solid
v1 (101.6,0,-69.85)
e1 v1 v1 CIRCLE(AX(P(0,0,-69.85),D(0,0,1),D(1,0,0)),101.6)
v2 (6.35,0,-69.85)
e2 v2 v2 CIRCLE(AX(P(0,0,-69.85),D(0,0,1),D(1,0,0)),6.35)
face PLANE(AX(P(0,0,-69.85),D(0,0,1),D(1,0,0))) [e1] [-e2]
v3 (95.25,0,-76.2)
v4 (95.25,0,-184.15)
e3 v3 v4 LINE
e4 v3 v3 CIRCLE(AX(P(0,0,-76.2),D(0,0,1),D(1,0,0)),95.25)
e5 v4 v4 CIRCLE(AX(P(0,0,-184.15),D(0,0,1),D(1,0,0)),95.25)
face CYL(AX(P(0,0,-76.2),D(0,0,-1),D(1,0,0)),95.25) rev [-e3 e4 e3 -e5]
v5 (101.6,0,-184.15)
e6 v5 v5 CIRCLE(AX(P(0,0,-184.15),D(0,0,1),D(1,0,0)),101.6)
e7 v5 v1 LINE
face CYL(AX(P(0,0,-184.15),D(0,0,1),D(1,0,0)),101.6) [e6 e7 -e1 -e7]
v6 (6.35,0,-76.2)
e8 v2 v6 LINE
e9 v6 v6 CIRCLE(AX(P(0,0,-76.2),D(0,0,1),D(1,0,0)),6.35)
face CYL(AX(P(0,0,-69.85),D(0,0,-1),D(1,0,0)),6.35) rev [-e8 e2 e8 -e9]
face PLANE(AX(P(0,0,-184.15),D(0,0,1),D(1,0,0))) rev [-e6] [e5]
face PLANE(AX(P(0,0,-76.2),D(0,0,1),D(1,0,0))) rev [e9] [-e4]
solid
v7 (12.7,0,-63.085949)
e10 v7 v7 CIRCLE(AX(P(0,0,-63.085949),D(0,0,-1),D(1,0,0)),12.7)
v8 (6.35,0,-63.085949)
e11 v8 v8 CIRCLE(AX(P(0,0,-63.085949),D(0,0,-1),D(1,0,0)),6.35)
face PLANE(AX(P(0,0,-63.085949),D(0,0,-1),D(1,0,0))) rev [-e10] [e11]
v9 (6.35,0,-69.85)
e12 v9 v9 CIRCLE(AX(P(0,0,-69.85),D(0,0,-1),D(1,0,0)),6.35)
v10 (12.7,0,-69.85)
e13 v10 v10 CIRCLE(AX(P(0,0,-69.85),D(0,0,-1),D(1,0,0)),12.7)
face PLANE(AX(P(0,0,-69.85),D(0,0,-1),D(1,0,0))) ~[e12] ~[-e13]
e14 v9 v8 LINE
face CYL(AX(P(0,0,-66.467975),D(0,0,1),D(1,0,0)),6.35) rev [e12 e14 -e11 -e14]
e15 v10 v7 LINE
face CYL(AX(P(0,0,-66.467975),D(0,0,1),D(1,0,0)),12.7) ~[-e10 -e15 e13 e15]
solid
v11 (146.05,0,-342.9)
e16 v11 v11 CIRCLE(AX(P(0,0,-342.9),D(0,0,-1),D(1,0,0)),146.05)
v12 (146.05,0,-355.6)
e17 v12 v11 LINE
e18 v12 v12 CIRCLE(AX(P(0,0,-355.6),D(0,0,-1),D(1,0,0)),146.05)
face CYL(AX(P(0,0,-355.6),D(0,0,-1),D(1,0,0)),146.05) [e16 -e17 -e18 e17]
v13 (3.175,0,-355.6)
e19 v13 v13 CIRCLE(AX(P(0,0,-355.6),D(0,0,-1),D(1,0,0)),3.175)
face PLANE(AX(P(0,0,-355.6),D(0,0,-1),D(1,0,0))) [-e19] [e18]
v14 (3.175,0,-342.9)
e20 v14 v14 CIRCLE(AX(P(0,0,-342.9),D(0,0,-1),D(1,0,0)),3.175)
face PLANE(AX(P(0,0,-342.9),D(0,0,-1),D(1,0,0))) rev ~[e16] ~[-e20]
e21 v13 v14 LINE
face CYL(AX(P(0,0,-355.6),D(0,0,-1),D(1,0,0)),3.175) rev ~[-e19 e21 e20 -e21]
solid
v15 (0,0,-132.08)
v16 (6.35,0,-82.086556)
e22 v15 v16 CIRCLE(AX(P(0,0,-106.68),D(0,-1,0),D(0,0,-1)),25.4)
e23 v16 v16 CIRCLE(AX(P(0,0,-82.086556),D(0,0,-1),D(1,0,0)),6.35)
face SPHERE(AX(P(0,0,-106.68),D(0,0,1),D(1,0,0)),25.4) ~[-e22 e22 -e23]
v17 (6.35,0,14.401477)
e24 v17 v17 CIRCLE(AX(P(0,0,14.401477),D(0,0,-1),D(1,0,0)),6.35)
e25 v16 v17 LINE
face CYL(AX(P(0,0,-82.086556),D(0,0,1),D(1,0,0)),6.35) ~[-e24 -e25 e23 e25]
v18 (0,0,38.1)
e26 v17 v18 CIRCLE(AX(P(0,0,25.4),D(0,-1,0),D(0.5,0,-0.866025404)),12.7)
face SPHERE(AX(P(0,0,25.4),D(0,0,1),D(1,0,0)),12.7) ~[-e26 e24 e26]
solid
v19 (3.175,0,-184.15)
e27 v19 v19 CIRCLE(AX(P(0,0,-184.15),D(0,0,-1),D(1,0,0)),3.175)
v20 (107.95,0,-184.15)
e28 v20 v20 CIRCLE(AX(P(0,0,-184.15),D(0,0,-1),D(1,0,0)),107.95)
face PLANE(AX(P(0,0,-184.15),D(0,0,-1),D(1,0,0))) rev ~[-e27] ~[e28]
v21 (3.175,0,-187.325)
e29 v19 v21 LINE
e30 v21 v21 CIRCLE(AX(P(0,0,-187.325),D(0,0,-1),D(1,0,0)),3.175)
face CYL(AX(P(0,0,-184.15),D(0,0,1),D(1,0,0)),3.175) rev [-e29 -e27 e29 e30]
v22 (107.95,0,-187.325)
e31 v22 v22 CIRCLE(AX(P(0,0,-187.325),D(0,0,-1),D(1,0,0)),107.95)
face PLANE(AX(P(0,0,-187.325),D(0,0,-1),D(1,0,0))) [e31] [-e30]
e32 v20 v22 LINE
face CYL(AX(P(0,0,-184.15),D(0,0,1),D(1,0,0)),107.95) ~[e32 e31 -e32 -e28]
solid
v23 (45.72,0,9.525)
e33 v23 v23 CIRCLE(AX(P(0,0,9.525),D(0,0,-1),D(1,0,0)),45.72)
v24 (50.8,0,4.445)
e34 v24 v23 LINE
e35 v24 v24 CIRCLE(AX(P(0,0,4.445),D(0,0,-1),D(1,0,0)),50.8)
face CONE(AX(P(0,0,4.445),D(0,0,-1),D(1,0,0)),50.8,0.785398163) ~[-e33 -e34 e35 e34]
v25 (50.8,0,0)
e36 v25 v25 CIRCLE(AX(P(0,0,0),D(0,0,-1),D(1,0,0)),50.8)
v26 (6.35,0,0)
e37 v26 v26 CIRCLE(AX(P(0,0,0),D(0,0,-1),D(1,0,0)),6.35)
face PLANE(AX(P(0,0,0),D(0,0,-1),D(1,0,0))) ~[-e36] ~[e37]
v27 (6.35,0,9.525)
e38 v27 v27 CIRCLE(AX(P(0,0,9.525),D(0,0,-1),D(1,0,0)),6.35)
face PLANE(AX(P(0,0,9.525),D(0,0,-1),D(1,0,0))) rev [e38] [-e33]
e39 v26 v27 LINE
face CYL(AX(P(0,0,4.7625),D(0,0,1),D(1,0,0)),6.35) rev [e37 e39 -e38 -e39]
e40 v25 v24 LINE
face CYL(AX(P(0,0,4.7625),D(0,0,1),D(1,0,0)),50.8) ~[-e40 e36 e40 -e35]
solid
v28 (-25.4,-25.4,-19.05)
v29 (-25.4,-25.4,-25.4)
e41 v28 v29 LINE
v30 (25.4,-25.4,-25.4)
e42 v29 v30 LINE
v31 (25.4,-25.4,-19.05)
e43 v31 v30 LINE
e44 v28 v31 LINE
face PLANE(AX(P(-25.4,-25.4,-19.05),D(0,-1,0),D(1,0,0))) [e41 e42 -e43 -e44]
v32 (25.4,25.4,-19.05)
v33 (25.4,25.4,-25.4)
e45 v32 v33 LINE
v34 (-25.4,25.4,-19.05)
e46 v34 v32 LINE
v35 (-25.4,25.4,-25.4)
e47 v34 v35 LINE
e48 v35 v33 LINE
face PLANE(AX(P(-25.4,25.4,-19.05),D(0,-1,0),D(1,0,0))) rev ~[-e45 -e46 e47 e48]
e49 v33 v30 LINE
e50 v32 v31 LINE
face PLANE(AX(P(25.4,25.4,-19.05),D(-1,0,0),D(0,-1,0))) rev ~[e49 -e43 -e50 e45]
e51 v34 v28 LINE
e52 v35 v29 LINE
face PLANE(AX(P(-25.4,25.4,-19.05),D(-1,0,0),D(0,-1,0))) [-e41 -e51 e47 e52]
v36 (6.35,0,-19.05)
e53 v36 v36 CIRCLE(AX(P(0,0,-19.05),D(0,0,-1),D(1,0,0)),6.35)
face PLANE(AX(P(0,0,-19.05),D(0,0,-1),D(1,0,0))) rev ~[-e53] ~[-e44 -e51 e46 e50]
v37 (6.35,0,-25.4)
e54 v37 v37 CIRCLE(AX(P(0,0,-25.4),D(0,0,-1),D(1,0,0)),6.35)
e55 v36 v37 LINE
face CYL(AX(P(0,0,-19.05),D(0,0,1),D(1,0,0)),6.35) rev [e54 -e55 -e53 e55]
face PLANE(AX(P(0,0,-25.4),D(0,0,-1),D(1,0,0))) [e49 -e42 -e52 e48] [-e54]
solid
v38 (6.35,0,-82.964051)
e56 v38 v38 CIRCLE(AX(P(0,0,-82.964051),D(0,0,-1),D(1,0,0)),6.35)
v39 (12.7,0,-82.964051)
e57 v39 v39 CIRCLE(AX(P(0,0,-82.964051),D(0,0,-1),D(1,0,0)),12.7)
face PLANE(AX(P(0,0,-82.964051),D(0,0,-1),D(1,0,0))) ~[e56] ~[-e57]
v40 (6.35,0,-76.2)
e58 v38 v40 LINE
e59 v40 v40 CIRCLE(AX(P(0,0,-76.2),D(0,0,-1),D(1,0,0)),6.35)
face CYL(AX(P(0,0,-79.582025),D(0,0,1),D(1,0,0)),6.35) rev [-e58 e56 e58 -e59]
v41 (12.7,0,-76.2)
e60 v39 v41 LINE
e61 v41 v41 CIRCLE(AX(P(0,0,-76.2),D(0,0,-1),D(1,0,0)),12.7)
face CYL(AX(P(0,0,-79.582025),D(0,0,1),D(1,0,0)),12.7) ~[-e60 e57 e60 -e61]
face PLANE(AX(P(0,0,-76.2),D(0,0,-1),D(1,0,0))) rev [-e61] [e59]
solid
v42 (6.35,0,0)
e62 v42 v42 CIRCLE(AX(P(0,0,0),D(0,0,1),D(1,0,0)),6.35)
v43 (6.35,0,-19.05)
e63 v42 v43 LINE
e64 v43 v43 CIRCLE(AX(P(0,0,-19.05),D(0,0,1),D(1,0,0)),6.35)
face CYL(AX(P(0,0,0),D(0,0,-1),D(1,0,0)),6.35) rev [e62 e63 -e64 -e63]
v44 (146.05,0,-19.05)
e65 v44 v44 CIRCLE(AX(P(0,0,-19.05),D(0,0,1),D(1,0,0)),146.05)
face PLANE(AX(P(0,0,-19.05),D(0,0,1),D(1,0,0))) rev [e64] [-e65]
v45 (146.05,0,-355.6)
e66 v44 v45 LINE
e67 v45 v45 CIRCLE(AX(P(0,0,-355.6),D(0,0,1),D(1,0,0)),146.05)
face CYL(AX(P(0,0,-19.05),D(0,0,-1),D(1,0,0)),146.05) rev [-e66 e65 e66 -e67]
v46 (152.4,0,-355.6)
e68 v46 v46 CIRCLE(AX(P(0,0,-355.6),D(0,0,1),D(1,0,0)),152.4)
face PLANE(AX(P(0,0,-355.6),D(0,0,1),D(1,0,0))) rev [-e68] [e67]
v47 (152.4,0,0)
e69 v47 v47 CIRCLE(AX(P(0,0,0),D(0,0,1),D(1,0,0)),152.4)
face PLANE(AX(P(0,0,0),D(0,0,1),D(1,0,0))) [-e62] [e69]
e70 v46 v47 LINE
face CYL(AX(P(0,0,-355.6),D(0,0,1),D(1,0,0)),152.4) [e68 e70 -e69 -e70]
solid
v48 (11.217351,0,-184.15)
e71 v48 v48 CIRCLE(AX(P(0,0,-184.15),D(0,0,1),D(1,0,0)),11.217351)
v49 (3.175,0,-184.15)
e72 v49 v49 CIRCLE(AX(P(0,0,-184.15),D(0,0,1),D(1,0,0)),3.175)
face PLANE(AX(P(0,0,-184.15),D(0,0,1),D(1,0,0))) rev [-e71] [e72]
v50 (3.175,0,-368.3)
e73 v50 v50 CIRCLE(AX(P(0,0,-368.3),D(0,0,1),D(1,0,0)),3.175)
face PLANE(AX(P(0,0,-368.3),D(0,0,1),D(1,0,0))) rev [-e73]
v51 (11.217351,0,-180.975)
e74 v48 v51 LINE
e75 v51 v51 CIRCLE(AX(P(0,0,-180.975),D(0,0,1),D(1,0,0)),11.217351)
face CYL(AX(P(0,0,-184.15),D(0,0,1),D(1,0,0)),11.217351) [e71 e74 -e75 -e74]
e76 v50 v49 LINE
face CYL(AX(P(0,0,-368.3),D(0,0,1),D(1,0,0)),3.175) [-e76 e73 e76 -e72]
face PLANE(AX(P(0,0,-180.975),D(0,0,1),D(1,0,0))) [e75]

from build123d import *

# Parameters (mm, degrees)
F2_W      = 44.45
F2_H      = 9.525
F8_W      = 6.35
F8_H      = 6.7640505731
F10_R     = 107.95
F10_R_2   = 101.6
F10_R_3   = 95.25
F10_R_4   = 3.175
F11_DEPTH = 3.175
F12_SIZE  = 5.08
F15_W     = 50.8
F15_H     = 50.8
F15_R     = 6.35
F16_DEPTH = 6.35
F17_R     = 146.05
F17_R_2   = 3.175
F18_DEPTH = 12.7


with BuildPart() as f1:
    # F0 (on Front) → F1 (revolve)
    with BuildSketch(Plane.XZ):
        Polygon((152.4, 0), (6.35, 0), (6.35, -19.05), (146.05, -19.05), (146.05, -349.25), (146.05, -355.6), (152.4, -355.6), align=None)
    revolve(axis=Axis((0, 0, -377.825), (0, 0, 1)))


with BuildPart() as f3:
    # F2 (on Front) → F3 (revolve)
    with BuildSketch(Plane.XZ):
        with Locations((28.575, 4.7625)):
            Rectangle(F2_W, F2_H)
    revolve(axis=Axis((0, 0, 6.35), (0, 0, -1)))

    # F12
    f12_edges = [f3.edges().sort_by_distance(p)[0] for p in [
        (-50.8, 0, 9.525),
    ]]
    chamfer(f12_edges, length=F12_SIZE)


with BuildPart() as f5:
    # F4 (on Front) → F5 (revolve)
    with BuildSketch(Plane.XZ):
        with BuildLine():
            Line((6.35, 0), (0, 0))
            Line((0, 0), (0, -81.28))
            Line((0, -81.28), (0, -132.08))
            ThreePointArc((0, -132.08), (25.1975542852, -109.8805090291), (6.35, -82.0865557516))
            Line((6.35, -82.0865557516), (6.35, 0))
        make_face()
        with BuildLine():
            Line((0, 38.1), (0, 0))
            Line((0, 0), (6.35, 0))
            Line((6.35, 0), (6.35, 14.4014773719))
            ThreePointArc((6.35, 14.4014773719), (12.2672579939, 28.6870018728), (0, 38.1))
        make_face()
    revolve(axis=Axis((0, 0, -40.64), (0, 0, -1)))


with BuildPart() as f7:
    # F6 (on Front) → F7 (revolve)
    with BuildSketch(Plane.XZ):
        Polygon((101.6, -69.85), (6.35, -69.85), (6.35, -76.2), (95.25, -76.2), (95.25, -184.15), (101.6, -184.15), align=None)
    revolve(axis=Axis((0, 0, -73.025), (0, 0, 1)))


with BuildPart() as f9:
    # F8 (on Front) → F9 (revolve)
    with BuildSketch(Plane.XZ):
        with Locations((9.525, -66.4679747134)):
            Rectangle(F8_W, F8_H)
    revolve(axis=Axis((0, 0, -73.778109625), (0, 0, -1)))


with BuildPart() as f9b:
    # F8 (on Front) → F9, piece 2 (revolve)
    with BuildSketch(Plane.XZ):
        with Locations((9.525, -79.5820252866)):
            Rectangle(F8_W, F8_H)
    revolve(axis=Axis((0, 0, -73.778109625), (0, 0, -1)))


with BuildPart() as f11:
    # F10 (on face) → F11 (new body)
    with BuildSketch(Plane(origin=(0, 0, -184.15), x_dir=(1, 0, 0), z_dir=(0, 0, -1))):
        Circle(F10_R)
        Circle(F10_R_2, mode=Mode.SUBTRACT)
        Circle(F10_R_2)
        Circle(F10_R_3, mode=Mode.SUBTRACT)
        Circle(F10_R_3)
        Circle(F10_R_4, mode=Mode.SUBTRACT)
    extrude(amount=F11_DEPTH)


with BuildPart() as f14:
    # F13 (on Front) → F14 (revolve)
    with BuildSketch(Plane.XZ):
        Polygon((11.2173510715, -180.975), (0, -180.975), (0, -368.3), (3.175, -368.3), (3.175, -184.15), (11.2173510715, -184.15), align=None)
    revolve(axis=Axis((0, 0, -274.6375), (0, 0, 1)))


with BuildPart() as f16:
    # F15 (on face) → F16 (new body)
    with BuildSketch(Plane(origin=(0, 0, -19.05), x_dir=(1, 0, 0), z_dir=(0, 0, -1))):
        Rectangle(F15_W, F15_H)
        Circle(F15_R, mode=Mode.SUBTRACT)
    extrude(amount=F16_DEPTH)


with BuildPart() as f18:
    # F17 (on face) → F18 (new body)
    with BuildSketch(Plane(origin=(0, 0, -355.6), x_dir=(1, 0, 0), z_dir=(0, 0, -1))):
        Circle(F17_R)
        Circle(F17_R_2, mode=Mode.SUBTRACT)
    extrude(amount=-F18_DEPTH)


solid = Compound([f1.part, f3.part, f5.part, f7.part, f9.part, f9b.part, f11.part, f14.part, f16.part, f18.part])
